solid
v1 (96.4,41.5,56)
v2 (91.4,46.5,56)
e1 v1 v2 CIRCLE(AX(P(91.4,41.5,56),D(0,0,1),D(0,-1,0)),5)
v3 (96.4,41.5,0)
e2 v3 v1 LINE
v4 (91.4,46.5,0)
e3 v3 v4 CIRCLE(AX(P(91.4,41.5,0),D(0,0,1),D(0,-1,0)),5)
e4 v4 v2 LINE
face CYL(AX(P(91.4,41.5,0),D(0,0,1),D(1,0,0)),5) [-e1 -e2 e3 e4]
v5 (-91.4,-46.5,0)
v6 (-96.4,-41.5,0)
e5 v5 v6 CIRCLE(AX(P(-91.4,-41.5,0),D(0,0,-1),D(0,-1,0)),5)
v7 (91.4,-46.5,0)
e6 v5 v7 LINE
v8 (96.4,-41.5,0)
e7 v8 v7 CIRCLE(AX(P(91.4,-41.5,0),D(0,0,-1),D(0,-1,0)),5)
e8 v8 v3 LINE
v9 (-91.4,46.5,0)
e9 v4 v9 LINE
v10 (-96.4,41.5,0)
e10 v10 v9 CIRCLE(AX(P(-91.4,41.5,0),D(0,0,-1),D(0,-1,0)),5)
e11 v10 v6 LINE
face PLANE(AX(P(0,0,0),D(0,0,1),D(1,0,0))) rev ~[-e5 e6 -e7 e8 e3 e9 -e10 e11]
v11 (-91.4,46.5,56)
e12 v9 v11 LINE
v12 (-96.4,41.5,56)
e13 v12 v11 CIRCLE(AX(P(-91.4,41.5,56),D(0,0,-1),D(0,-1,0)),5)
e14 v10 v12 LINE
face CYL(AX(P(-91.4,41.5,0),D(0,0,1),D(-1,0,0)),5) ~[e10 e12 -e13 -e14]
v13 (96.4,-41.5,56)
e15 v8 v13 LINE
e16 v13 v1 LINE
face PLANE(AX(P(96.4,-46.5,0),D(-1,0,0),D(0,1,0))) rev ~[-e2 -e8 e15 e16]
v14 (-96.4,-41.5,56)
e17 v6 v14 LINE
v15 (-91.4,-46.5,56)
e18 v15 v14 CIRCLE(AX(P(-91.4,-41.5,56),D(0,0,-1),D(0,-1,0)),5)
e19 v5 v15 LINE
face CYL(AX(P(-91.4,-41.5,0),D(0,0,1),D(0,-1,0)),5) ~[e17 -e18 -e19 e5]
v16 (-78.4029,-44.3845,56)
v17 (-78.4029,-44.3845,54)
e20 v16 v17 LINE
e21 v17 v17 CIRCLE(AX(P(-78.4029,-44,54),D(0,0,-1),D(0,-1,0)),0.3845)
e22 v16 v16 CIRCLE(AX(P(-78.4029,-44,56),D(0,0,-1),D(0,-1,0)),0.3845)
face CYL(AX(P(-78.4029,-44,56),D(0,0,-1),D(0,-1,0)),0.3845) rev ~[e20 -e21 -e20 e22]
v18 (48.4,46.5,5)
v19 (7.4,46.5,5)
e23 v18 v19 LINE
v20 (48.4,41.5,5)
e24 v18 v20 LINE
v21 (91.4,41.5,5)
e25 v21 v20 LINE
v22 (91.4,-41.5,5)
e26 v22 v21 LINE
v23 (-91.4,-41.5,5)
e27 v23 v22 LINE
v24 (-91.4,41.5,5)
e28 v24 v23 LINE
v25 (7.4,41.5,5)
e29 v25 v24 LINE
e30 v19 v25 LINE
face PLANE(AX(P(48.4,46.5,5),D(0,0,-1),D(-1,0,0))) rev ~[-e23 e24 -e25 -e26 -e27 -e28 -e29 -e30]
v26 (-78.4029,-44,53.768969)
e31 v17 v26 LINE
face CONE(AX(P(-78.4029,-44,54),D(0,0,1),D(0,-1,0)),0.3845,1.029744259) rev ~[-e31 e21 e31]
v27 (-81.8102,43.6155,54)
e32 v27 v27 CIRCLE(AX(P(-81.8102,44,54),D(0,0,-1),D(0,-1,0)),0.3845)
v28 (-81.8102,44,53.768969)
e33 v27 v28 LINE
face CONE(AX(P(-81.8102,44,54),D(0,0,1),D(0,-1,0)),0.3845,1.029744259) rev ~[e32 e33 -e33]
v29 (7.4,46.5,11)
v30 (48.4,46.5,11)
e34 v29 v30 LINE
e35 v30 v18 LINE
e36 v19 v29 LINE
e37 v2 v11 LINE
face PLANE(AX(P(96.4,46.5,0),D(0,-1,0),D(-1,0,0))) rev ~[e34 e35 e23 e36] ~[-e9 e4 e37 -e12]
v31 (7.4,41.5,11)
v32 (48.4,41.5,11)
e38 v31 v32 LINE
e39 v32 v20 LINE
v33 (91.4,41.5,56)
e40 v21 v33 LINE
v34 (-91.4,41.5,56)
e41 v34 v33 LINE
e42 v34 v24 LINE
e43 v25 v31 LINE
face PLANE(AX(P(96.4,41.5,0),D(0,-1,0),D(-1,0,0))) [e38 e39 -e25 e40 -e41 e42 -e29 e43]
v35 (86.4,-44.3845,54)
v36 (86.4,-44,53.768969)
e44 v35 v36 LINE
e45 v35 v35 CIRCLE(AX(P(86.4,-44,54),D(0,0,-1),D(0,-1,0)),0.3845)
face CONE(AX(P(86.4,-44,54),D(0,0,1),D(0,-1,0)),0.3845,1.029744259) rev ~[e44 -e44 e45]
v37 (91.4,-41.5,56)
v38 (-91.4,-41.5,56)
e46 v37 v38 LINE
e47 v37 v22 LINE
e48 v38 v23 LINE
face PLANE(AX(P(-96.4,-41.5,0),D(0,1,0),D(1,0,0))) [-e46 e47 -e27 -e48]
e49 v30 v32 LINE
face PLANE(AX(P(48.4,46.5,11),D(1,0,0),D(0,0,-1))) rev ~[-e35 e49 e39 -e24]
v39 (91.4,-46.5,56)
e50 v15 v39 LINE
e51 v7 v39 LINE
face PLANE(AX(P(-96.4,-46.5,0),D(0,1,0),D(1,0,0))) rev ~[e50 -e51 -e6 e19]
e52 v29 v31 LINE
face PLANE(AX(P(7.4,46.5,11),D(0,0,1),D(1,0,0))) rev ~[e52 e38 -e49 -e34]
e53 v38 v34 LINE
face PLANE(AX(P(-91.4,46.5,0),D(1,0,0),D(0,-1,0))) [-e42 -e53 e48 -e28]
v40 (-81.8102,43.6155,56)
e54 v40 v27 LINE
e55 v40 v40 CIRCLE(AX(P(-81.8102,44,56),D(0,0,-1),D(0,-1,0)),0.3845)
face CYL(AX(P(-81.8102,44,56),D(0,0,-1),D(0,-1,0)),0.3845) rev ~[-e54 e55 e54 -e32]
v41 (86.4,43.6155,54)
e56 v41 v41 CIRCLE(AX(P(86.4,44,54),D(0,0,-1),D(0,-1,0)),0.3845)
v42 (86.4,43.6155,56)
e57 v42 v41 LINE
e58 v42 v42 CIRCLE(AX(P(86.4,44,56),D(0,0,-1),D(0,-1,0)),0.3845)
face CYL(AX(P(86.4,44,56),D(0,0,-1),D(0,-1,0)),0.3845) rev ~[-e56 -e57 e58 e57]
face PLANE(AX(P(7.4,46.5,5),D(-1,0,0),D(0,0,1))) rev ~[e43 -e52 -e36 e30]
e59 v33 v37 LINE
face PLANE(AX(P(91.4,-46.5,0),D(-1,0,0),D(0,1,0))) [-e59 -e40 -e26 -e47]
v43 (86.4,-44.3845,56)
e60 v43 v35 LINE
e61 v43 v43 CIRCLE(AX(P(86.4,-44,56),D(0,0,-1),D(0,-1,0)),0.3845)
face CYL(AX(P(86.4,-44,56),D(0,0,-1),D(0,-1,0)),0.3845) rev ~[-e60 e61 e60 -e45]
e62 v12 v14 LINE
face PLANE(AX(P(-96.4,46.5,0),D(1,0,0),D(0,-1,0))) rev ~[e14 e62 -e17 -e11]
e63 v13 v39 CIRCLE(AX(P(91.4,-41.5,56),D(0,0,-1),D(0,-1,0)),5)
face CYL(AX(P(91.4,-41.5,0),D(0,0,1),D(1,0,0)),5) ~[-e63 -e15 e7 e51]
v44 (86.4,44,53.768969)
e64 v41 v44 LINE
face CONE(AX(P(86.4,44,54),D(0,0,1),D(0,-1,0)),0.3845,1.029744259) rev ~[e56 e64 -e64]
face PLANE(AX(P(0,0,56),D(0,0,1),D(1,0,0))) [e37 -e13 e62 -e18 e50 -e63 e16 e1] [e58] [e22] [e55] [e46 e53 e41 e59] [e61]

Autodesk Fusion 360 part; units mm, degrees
sketch "Boceto1" plane through (0, 0, 0) normal (0, 0, 1) x (1, 0, 0)
  line L0 (96.4, 46.5) -> (-96.4, 46.5)
  line L1 (-96.4, 46.5) -> (-96.4, -46.5)
  line L2 (-96.4, -46.5) -> (96.4, -46.5)
  line L3 (96.4, -46.5) -> (96.4, 46.5)
  line L4 (96.4, 46.5) -> (-96.4, -46.5) construction
  line L5 (-96.4, 46.5) -> (96.4, -46.5) construction
  dimension "d1" = 192.8
  dimension "d2" = 93
extrude "Extruir1" add sketch "Boceto1" along normal blind 56
shell "Vaciado1" thickness 5 removed faces 1 at (-32.1333, 15.5, 56)
fillet "Empalme1" radius 5 1 edges at (96.4, 46.5, 28)
fillet "Empalme2" radius 5 1 edges at (96.4, -46.5, 28)
fillet "Empalme3" radius 5 1 edges at (-96.4, -46.5, 28)
fillet "Empalme4" radius 5 1 edges at (-96.4, 46.5, 28)
sketch "Boceto3" plane through (0, 46.5, 0) normal (0, 1, 0) x (-1, 0, 0)
  line L0 (91.4, 0) -> (91.4, 56)
  line L1 (91.4, 56) -> (-91.4, 56)
  line L2 (-91.4, 56) -> (-91.4, 0)
  line L3 (-91.4, 0) -> (91.4, 0)
  line L4 (-91.4, 0) -> (-91.4, 5)
  line L5 (-91.4, 5) -> (-48.4, 5)
  line L6 (-48.4, 5) -> (-7.4, 5)
  line L7 (-7.4, 5) -> (-7.4, 11)
  line L8 (-7.4, 11) -> (-48.4, 11)
  line L9 (-48.4, 11) -> (-48.4, 5)
  dimension "d17" = 5
  dimension "d18" = 43
  dimension "d19" = 41
  dimension "d20" = 6
  dimension "d21" = 41
extrude "Extruir2" cut sketch "Boceto3" against normal blind 5 contours L6 L7 L8 L9
sketch "Boceto4" plane through (0, 0, 56) normal (0, 0, 1) x (-1, 0, 0)
  arc A0 (91.4, -46.5) -> (96.4, -41.5) centre (91.4, -41.5) ccw
  line L0 (96.4, -41.5) -> (96.4, 41.5)
  arc A1 (96.4, 41.5) -> (91.4, 46.5) centre (91.4, 41.5) ccw
  line L1 (91.4, 46.5) -> (-91.4, 46.5)
  arc A2 (-91.4, 46.5) -> (-96.4, 41.5) centre (-91.4, 41.5) ccw
  line L2 (-96.4, 41.5) -> (-96.4, -41.5)
  arc A3 (-96.4, -41.5) -> (-91.4, -46.5) centre (-91.4, -41.5) ccw
  line L3 (-91.4, -46.5) -> (91.4, -46.5)
  line L4 (-91.4, 41.5) -> (91.4, 41.5)
  line L5 (91.4, 41.5) -> (91.4, -41.5)
  line L6 (91.4, -41.5) -> (-91.4, -41.5)
  line L7 (-91.4, -41.5) -> (-91.4, 41.5)
  line L8 (-96.4, -46.5) -> (-86.4, -46.5)
  line L9 (-86.4, -46.5) -> (-86.4, -44)
  dimension "d24" = 10
  dimension "d25" = 2.5
sketch "Boceto5" plane through (0, 0, 0) normal (0, 0, 1) x (1, 0, 0)
sketch "Boceto6" plane through (0, 0, 56) normal (0, 0, 1) x (-1, 0, 0)
sketch "Boceto7" plane through (0, 0, 56) normal (0, 0, 1) x (-1, 0, 0)
hole "Agujero1" at (86.4, 44, 56) direction (0, 0, -1) diameter 0.769 depth 2 tip angle 118
sketch "Boceto8" plane through (0, 0, 0) normal (0, 0, 1) x (1, 0, 0)
sketch "Boceto9" plane through (0, 0, 56) normal (0, 0, 1) x (-1, 0, 0)
  circle A0 centre (-86.4, -44) radius 0.3847
  arc A1 (91.4, -46.5) -> (96.4, -41.5) centre (91.4, -41.5) ccw
  line L0 (96.4, -41.5) -> (96.4, 41.5)
  arc A2 (96.4, 41.5) -> (91.4, 46.5) centre (91.4, 41.5) ccw
  line L1 (91.4, 46.5) -> (-91.4, 46.5)
  arc A3 (-91.4, 46.5) -> (-96.4, 41.5) centre (-91.4, 41.5) ccw
  line L2 (-96.4, 41.5) -> (-96.4, -41.5)
  arc A4 (-96.4, -41.5) -> (-91.4, -46.5) centre (-91.4, -41.5) ccw
  line L3 (-91.4, -46.5) -> (91.4, -46.5)
  line L4 (-91.4, 41.5) -> (91.4, 41.5)
  line L5 (91.4, 41.5) -> (91.4, -41.5)
  line L6 (91.4, -41.5) -> (-91.4, -41.5)
  line L7 (-91.4, -41.5) -> (-91.4, 41.5)
  line L8 (81.8102, -46.5) -> (81.8102, -44)
  dimension "d31" = 2.5
hole "Agujero2" at (-81.8102, 44, 56) direction (0, 0, -1) diameter 0.769 depth 2 tip angle 118
sketch "Boceto10" plane through (0, 0, 56) normal (0, 0, 1) x (-1, 0, 0)
  circle A0 centre (81.8102, -44) radius 0.3847
  circle A1 centre (-86.4, -44) radius 0.3847
  arc A2 (91.4, -46.5) -> (96.4, -41.5) centre (91.4, -41.5) ccw
  line L0 (96.4, -41.5) -> (96.4, 41.5)
  arc A3 (96.4, 41.5) -> (91.4, 46.5) centre (91.4, 41.5) ccw
  line L1 (91.4, 46.5) -> (-91.4, 46.5)
  arc A4 (-91.4, 46.5) -> (-96.4, 41.5) centre (-91.4, 41.5) ccw
  line L2 (-96.4, 41.5) -> (-96.4, -41.5)
  arc A5 (-96.4, -41.5) -> (-91.4, -46.5) centre (-91.4, -41.5) ccw
  line L3 (-91.4, -46.5) -> (91.4, -46.5)
  line L4 (-91.4, 41.5) -> (91.4, 41.5)
  line L5 (91.4, 41.5) -> (91.4, -41.5)
  line L6 (91.4, -41.5) -> (-91.4, -41.5)
  line L7 (-91.4, -41.5) -> (-91.4, 41.5)
  line L8 (78.4029, 46.5) -> (78.4029, 44)
  line L9 (-85.7578, 46.5) -> (-85.7578, 44)
  dimension "d37" = 2.5
  dimension "d38" = 2.5
hole "Agujero3" at (-78.4029, -44, 56) direction (0, 0, -1) diameter 0.769 depth 2 tip angle 118
sketch "Boceto11" plane through (0, 0, 56) normal (0, 0, 1) x (-1, 0, 0)
  circle A0 centre (78.4029, 44) radius 0.3847
  circle A1 centre (81.8102, -44) radius 0.3847
  circle A2 centre (-86.4, -44) radius 0.3847
  arc A3 (91.4, -46.5) -> (96.4, -41.5) centre (91.4, -41.5) ccw
  line L0 (96.4, -41.5) -> (96.4, 41.5)
  arc A4 (96.4, 41.5) -> (91.4, 46.5) centre (91.4, 41.5) ccw
  line L1 (91.4, 46.5) -> (-91.4, 46.5)
  arc A5 (-91.4, 46.5) -> (-96.4, 41.5) centre (-91.4, 41.5) ccw
  line L2 (-96.4, 41.5) -> (-96.4, -41.5)
  arc A6 (-96.4, -41.5) -> (-91.4, -46.5) centre (-91.4, -41.5) ccw
  line L3 (-91.4, -46.5) -> (91.4, -46.5)
  line L4 (-91.4, 41.5) -> (91.4, 41.5)
  line L5 (91.4, 41.5) -> (91.4, -41.5)
  line L6 (91.4, -41.5) -> (-91.4, -41.5)
  line L7 (-91.4, -41.5) -> (-91.4, 41.5)
  line L8 (-86.4, 46.5) -> (-86.4, 44)
  dimension "d44" = 2.5
hole "Agujero4" at (86.4, -44, 56) direction (0, 0, -1) diameter 0.769 depth 2 tip angle 118
